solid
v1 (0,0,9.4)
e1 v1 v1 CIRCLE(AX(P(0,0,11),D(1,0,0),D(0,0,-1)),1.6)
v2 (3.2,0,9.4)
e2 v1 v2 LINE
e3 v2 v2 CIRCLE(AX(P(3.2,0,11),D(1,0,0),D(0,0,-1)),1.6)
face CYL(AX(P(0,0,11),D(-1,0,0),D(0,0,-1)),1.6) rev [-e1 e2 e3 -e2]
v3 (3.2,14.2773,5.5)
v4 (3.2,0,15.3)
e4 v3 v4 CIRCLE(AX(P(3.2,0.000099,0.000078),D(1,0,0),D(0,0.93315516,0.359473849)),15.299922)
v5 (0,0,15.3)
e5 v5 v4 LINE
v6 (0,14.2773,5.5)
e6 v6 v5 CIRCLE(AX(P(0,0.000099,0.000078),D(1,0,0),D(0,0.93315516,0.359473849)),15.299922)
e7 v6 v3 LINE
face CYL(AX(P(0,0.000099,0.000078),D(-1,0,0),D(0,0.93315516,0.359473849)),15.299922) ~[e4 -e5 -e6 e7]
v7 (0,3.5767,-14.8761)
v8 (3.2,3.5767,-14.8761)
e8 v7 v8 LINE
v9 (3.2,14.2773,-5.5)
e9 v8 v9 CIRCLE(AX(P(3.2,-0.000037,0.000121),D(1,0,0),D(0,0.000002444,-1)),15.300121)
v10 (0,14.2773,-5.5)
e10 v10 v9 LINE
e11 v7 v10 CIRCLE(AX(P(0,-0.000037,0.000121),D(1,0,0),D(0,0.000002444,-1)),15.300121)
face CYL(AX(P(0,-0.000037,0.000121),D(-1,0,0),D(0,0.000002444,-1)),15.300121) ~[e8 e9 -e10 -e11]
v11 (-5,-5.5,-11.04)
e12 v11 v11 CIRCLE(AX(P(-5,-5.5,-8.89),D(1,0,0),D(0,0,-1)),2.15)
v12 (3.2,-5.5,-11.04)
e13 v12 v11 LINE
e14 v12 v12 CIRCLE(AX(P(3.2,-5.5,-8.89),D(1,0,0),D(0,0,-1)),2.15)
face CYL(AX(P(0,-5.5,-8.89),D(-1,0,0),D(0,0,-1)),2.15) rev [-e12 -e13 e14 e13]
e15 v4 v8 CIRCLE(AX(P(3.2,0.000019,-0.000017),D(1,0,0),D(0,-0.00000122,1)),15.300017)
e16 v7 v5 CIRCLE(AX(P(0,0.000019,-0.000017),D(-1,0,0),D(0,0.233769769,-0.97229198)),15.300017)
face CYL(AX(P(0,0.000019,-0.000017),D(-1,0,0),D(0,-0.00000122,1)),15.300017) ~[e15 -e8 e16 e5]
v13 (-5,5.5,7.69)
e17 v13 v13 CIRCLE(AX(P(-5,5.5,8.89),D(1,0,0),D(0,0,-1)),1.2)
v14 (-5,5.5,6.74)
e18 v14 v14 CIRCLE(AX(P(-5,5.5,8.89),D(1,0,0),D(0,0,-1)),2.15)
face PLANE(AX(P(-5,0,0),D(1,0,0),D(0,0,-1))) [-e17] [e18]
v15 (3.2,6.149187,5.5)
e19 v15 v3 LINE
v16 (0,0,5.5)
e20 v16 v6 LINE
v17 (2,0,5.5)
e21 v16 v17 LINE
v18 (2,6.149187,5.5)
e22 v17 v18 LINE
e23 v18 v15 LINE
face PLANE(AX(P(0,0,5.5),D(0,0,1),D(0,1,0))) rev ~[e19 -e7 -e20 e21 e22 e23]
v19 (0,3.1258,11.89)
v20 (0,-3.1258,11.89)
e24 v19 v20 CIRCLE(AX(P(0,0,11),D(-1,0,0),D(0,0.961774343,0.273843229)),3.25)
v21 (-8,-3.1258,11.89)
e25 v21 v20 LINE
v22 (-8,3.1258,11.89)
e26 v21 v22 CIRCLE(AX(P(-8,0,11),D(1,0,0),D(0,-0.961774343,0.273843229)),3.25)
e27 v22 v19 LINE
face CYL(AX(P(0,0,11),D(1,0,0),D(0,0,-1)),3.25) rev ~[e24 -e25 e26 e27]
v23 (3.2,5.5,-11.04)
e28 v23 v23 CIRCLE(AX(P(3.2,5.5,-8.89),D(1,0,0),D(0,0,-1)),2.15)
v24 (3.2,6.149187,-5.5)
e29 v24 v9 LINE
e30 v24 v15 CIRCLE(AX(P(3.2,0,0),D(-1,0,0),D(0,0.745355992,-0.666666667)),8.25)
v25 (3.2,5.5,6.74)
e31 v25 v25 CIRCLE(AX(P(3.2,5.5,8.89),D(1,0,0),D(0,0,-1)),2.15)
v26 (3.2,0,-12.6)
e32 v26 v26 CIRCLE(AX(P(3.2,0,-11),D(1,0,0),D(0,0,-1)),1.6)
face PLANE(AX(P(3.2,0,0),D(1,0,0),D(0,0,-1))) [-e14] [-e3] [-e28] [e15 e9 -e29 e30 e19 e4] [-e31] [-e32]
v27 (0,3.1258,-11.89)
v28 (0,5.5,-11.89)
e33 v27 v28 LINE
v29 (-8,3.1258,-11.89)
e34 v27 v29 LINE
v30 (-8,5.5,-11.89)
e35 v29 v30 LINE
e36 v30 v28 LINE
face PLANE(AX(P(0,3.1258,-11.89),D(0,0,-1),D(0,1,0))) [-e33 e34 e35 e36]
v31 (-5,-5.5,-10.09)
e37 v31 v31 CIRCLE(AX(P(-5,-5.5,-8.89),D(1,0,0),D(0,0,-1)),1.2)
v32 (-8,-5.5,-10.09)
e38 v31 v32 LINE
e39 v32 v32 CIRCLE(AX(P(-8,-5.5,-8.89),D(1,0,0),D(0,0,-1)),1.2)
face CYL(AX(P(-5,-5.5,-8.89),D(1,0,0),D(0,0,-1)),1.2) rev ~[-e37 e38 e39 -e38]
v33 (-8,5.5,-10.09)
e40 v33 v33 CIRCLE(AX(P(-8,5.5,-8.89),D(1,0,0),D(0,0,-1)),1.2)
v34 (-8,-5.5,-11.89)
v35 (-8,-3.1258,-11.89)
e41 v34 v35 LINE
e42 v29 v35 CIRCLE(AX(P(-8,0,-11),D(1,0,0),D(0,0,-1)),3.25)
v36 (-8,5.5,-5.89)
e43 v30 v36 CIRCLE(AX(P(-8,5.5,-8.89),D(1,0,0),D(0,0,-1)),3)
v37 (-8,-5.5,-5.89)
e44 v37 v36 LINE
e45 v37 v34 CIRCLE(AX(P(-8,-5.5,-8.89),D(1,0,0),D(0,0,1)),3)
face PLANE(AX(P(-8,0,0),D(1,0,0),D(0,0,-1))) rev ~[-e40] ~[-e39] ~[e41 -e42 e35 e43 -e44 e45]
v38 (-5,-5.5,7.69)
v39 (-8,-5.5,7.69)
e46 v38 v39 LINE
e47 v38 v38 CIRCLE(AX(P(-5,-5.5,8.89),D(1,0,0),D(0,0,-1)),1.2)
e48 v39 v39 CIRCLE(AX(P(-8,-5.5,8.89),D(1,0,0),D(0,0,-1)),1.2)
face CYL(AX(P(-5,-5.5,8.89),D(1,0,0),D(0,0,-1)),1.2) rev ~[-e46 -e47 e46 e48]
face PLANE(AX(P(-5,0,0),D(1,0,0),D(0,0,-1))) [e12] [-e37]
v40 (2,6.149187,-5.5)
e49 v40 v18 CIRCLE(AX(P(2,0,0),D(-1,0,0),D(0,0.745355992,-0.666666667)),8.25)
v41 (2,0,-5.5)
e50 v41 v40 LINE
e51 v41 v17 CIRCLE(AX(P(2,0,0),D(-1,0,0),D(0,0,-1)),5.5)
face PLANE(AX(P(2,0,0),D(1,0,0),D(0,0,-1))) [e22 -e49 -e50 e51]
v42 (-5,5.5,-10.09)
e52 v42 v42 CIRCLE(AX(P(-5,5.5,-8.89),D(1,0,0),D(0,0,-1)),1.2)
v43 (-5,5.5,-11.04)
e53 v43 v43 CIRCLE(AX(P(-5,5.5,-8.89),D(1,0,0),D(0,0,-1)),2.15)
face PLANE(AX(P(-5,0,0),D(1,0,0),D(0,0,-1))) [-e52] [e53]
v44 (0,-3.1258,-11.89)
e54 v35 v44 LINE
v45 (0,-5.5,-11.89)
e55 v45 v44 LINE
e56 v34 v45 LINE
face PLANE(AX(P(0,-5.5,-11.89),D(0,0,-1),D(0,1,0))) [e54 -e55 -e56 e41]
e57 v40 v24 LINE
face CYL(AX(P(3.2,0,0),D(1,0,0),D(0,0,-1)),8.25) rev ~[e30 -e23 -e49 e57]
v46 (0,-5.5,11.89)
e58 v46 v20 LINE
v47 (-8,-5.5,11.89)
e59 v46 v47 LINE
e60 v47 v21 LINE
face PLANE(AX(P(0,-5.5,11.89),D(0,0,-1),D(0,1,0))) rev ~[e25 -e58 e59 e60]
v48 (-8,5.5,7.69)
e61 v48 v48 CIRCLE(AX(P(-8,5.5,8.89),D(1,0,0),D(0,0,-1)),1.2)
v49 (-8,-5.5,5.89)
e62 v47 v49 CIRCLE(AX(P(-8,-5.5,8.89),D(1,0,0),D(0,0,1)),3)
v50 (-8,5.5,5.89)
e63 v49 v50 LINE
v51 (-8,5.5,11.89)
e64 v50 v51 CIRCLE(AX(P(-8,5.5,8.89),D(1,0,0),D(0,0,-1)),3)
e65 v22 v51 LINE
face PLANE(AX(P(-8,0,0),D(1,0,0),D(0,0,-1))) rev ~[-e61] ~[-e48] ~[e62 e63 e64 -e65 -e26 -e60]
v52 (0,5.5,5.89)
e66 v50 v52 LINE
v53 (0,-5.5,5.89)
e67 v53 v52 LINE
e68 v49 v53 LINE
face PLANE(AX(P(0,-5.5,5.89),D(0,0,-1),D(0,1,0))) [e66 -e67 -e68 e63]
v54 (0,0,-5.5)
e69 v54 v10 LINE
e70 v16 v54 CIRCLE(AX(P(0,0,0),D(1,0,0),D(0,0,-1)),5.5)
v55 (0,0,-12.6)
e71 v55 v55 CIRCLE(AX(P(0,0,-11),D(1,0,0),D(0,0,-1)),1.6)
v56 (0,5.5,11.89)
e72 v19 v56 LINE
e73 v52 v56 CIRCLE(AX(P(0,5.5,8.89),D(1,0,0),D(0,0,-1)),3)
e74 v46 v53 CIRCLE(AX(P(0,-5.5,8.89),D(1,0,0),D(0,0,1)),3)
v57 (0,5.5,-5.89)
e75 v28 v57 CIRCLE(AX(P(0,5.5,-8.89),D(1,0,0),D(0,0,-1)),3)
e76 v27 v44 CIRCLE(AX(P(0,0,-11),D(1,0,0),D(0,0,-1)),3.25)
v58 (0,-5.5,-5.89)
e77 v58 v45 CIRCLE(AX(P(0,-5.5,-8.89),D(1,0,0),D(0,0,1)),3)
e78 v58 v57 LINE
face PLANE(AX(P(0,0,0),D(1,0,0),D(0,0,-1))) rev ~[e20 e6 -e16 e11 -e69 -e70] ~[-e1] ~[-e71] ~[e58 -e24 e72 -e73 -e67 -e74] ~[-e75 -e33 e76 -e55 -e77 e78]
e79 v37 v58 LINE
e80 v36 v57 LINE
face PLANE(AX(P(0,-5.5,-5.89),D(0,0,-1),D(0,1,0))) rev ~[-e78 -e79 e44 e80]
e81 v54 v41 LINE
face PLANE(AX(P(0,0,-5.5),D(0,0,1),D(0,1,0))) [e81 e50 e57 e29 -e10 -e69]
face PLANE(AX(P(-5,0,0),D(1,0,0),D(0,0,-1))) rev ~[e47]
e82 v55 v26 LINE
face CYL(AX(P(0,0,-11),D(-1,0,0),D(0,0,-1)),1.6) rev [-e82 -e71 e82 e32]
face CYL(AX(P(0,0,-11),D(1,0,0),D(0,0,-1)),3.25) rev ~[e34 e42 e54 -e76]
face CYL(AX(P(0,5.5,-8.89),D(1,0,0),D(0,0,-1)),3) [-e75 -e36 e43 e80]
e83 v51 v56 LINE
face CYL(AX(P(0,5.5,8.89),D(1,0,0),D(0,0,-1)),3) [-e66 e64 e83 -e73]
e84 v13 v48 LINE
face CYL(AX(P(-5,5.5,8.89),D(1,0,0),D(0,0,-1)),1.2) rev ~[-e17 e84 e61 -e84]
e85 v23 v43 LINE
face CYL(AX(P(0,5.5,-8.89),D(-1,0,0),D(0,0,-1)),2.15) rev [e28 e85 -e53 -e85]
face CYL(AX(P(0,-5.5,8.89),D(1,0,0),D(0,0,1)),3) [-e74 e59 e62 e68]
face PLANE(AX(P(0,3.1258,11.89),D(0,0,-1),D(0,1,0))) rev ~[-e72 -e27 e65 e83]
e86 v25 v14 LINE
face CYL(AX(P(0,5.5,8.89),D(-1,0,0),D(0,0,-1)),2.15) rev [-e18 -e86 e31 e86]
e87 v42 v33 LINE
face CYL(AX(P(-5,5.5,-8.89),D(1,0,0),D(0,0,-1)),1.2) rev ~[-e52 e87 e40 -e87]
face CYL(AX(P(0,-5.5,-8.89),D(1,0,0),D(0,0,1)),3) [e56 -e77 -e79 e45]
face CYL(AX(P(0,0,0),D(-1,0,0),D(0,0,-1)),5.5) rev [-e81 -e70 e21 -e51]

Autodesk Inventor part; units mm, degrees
ref_plane "YZ Plane" through (0, 0, 0) normal (1, 0, 0) x (0, 1, 0)
ref_plane "XZ Plane" through (0, 0, 0) normal (0, 1, 0) x (-1, 0, 0)
ref_plane "Arbeitsebene1" through (0, 0, 0) normal (1, 0, 0) x (0, 0, -1)
sketch "Skizze1" plane through (0, 0, 0) normal (1, 0, 0) x (0, 0, -1)
  circle A0 centre (0, 0) radius 5.5
  line L0 (-24.52, 0) -> (24.52, 0) construction
  line L1 (0, -23.5528) -> (0, 22.3555) construction
  line L2 (8.89, -5.5) -> (-8.89, -5.5) construction
  line L3 (-8.89, -5.5) -> (-8.89, 5.5) construction
  line L4 (-8.89, 5.5) -> (8.89, 5.5) construction
  line L5 (8.89, 5.5) -> (8.89, -5.5) construction
  circle A1 centre (8.89, 5.5) radius 1.2
  circle A2 centre (-8.89, 5.5) radius 1.2
  arc A3 (-15.3, 0) -> (14.8761, 3.5767) centre (0, 0) ccw
  arc A4 (4.4, 3.3) -> (-4.4, 3.3) centre (0, 0) ccw
  circle A5 centre (8.89, -5.5) radius 1.2
  circle A6 centre (-8.89, -5.5) radius 1.2
  line L6 (-5.89, -5.5) -> (-5.89, 5.5)
  arc A7 (-5.89, 5.5) -> (-11.89, 5.5) centre (-8.89, 5.5) ccw
  arc A8 (11.89, 5.5) -> (5.89, 5.5) centre (8.89, 5.5) ccw
  line L7 (5.89, -5.5) -> (5.89, 5.5)
  circle A9 centre (8.89, -5.5) radius 2.15
  circle A10 centre (8.89, 5.5) radius 2.15
  circle A11 centre (-8.89, 5.5) radius 2.15
  circle A12 centre (0, 0) radius 11 construction
  circle A13 centre (-11, 0) radius 1.6
  circle A14 centre (11, 0) radius 1.6
  arc A15 (-11.89, -5.5) -> (-5.89, -5.5) centre (-8.89, -5.5) ccw
  arc A16 (5.89, -5.5) -> (11.89, -5.5) centre (8.89, -5.5) ccw
  line L8 (5.5, 0) -> (5.5, 14.2773)
  line L9 (-5.5, 0) -> (-5.5, 14.2773)
  arc A17 (15.3, 0) -> (5.5, 14.2773) centre (0, 0) ccw
  arc A18 (-5.5, 14.2773) -> (-15.3, 0) centre (0, 0) ccw
  line L10 (11.89, -5.5) -> (11.89, -3.1258)
  line L11 (11.89, 3.1258) -> (11.89, 5.5)
  line L12 (-11.89, -5.5) -> (-11.89, -3.1258)
  line L13 (-11.89, 3.1258) -> (-11.89, 5.5)
  circle A19 centre (11, 0) radius 3.25
  circle A20 centre (-11, 0) radius 3.25
  circle A21 centre (-8.89, -5.5) radius 2.15
  dimension "d2" = 11
  dimension "d19" = 11
  dimension "d20" = 17.78
  dimension "d22" = 2.4
  dimension "d29" = 15.3
  dimension "d30" = 5.5
  dimension "d38" = 3
  dimension "d52" = 22
  dimension "d53" = 3.2
  dimension "d55" = 6.5
  dimension "d60" = 4.3
extrude "Extrusion7" add sketch "Skizze1" along normal blind 3.2 contours L8 A17 A3 A18 L9 A0 | A6 | A15 L12 A20 L13 A7 L6 | A20 | L11 A19 L10 A16 L7 A8 | A19 | A21
extrude "Extrusion3" add sketch "Skizze1" against normal blind 5 from surface at 0 contours A6 | A15 L12 A20 L13 A7 L6 | L11 A19 L10 A16 L7 A8 | A21
extrude "Extrusion4" add sketch "Skizze1" against normal blind 3 from surface at -5 contours A15 L12 A20 L13 A7 L6 | L11 A19 L10 A16 L7 A8 | A9 | A10 | A11 | A21
sketch "Skizze2" plane through (3.2, 0, 0) normal (1, 0, 0) x (0, 0, -1)
  circle A0 centre (0, 0) radius 8.25
  dimension "d57" = 16.5
extrude "Extrusion9" cut sketch "Skizze2" against normal blind 1.2
properties part number "AS5047DEnclosureV2"
